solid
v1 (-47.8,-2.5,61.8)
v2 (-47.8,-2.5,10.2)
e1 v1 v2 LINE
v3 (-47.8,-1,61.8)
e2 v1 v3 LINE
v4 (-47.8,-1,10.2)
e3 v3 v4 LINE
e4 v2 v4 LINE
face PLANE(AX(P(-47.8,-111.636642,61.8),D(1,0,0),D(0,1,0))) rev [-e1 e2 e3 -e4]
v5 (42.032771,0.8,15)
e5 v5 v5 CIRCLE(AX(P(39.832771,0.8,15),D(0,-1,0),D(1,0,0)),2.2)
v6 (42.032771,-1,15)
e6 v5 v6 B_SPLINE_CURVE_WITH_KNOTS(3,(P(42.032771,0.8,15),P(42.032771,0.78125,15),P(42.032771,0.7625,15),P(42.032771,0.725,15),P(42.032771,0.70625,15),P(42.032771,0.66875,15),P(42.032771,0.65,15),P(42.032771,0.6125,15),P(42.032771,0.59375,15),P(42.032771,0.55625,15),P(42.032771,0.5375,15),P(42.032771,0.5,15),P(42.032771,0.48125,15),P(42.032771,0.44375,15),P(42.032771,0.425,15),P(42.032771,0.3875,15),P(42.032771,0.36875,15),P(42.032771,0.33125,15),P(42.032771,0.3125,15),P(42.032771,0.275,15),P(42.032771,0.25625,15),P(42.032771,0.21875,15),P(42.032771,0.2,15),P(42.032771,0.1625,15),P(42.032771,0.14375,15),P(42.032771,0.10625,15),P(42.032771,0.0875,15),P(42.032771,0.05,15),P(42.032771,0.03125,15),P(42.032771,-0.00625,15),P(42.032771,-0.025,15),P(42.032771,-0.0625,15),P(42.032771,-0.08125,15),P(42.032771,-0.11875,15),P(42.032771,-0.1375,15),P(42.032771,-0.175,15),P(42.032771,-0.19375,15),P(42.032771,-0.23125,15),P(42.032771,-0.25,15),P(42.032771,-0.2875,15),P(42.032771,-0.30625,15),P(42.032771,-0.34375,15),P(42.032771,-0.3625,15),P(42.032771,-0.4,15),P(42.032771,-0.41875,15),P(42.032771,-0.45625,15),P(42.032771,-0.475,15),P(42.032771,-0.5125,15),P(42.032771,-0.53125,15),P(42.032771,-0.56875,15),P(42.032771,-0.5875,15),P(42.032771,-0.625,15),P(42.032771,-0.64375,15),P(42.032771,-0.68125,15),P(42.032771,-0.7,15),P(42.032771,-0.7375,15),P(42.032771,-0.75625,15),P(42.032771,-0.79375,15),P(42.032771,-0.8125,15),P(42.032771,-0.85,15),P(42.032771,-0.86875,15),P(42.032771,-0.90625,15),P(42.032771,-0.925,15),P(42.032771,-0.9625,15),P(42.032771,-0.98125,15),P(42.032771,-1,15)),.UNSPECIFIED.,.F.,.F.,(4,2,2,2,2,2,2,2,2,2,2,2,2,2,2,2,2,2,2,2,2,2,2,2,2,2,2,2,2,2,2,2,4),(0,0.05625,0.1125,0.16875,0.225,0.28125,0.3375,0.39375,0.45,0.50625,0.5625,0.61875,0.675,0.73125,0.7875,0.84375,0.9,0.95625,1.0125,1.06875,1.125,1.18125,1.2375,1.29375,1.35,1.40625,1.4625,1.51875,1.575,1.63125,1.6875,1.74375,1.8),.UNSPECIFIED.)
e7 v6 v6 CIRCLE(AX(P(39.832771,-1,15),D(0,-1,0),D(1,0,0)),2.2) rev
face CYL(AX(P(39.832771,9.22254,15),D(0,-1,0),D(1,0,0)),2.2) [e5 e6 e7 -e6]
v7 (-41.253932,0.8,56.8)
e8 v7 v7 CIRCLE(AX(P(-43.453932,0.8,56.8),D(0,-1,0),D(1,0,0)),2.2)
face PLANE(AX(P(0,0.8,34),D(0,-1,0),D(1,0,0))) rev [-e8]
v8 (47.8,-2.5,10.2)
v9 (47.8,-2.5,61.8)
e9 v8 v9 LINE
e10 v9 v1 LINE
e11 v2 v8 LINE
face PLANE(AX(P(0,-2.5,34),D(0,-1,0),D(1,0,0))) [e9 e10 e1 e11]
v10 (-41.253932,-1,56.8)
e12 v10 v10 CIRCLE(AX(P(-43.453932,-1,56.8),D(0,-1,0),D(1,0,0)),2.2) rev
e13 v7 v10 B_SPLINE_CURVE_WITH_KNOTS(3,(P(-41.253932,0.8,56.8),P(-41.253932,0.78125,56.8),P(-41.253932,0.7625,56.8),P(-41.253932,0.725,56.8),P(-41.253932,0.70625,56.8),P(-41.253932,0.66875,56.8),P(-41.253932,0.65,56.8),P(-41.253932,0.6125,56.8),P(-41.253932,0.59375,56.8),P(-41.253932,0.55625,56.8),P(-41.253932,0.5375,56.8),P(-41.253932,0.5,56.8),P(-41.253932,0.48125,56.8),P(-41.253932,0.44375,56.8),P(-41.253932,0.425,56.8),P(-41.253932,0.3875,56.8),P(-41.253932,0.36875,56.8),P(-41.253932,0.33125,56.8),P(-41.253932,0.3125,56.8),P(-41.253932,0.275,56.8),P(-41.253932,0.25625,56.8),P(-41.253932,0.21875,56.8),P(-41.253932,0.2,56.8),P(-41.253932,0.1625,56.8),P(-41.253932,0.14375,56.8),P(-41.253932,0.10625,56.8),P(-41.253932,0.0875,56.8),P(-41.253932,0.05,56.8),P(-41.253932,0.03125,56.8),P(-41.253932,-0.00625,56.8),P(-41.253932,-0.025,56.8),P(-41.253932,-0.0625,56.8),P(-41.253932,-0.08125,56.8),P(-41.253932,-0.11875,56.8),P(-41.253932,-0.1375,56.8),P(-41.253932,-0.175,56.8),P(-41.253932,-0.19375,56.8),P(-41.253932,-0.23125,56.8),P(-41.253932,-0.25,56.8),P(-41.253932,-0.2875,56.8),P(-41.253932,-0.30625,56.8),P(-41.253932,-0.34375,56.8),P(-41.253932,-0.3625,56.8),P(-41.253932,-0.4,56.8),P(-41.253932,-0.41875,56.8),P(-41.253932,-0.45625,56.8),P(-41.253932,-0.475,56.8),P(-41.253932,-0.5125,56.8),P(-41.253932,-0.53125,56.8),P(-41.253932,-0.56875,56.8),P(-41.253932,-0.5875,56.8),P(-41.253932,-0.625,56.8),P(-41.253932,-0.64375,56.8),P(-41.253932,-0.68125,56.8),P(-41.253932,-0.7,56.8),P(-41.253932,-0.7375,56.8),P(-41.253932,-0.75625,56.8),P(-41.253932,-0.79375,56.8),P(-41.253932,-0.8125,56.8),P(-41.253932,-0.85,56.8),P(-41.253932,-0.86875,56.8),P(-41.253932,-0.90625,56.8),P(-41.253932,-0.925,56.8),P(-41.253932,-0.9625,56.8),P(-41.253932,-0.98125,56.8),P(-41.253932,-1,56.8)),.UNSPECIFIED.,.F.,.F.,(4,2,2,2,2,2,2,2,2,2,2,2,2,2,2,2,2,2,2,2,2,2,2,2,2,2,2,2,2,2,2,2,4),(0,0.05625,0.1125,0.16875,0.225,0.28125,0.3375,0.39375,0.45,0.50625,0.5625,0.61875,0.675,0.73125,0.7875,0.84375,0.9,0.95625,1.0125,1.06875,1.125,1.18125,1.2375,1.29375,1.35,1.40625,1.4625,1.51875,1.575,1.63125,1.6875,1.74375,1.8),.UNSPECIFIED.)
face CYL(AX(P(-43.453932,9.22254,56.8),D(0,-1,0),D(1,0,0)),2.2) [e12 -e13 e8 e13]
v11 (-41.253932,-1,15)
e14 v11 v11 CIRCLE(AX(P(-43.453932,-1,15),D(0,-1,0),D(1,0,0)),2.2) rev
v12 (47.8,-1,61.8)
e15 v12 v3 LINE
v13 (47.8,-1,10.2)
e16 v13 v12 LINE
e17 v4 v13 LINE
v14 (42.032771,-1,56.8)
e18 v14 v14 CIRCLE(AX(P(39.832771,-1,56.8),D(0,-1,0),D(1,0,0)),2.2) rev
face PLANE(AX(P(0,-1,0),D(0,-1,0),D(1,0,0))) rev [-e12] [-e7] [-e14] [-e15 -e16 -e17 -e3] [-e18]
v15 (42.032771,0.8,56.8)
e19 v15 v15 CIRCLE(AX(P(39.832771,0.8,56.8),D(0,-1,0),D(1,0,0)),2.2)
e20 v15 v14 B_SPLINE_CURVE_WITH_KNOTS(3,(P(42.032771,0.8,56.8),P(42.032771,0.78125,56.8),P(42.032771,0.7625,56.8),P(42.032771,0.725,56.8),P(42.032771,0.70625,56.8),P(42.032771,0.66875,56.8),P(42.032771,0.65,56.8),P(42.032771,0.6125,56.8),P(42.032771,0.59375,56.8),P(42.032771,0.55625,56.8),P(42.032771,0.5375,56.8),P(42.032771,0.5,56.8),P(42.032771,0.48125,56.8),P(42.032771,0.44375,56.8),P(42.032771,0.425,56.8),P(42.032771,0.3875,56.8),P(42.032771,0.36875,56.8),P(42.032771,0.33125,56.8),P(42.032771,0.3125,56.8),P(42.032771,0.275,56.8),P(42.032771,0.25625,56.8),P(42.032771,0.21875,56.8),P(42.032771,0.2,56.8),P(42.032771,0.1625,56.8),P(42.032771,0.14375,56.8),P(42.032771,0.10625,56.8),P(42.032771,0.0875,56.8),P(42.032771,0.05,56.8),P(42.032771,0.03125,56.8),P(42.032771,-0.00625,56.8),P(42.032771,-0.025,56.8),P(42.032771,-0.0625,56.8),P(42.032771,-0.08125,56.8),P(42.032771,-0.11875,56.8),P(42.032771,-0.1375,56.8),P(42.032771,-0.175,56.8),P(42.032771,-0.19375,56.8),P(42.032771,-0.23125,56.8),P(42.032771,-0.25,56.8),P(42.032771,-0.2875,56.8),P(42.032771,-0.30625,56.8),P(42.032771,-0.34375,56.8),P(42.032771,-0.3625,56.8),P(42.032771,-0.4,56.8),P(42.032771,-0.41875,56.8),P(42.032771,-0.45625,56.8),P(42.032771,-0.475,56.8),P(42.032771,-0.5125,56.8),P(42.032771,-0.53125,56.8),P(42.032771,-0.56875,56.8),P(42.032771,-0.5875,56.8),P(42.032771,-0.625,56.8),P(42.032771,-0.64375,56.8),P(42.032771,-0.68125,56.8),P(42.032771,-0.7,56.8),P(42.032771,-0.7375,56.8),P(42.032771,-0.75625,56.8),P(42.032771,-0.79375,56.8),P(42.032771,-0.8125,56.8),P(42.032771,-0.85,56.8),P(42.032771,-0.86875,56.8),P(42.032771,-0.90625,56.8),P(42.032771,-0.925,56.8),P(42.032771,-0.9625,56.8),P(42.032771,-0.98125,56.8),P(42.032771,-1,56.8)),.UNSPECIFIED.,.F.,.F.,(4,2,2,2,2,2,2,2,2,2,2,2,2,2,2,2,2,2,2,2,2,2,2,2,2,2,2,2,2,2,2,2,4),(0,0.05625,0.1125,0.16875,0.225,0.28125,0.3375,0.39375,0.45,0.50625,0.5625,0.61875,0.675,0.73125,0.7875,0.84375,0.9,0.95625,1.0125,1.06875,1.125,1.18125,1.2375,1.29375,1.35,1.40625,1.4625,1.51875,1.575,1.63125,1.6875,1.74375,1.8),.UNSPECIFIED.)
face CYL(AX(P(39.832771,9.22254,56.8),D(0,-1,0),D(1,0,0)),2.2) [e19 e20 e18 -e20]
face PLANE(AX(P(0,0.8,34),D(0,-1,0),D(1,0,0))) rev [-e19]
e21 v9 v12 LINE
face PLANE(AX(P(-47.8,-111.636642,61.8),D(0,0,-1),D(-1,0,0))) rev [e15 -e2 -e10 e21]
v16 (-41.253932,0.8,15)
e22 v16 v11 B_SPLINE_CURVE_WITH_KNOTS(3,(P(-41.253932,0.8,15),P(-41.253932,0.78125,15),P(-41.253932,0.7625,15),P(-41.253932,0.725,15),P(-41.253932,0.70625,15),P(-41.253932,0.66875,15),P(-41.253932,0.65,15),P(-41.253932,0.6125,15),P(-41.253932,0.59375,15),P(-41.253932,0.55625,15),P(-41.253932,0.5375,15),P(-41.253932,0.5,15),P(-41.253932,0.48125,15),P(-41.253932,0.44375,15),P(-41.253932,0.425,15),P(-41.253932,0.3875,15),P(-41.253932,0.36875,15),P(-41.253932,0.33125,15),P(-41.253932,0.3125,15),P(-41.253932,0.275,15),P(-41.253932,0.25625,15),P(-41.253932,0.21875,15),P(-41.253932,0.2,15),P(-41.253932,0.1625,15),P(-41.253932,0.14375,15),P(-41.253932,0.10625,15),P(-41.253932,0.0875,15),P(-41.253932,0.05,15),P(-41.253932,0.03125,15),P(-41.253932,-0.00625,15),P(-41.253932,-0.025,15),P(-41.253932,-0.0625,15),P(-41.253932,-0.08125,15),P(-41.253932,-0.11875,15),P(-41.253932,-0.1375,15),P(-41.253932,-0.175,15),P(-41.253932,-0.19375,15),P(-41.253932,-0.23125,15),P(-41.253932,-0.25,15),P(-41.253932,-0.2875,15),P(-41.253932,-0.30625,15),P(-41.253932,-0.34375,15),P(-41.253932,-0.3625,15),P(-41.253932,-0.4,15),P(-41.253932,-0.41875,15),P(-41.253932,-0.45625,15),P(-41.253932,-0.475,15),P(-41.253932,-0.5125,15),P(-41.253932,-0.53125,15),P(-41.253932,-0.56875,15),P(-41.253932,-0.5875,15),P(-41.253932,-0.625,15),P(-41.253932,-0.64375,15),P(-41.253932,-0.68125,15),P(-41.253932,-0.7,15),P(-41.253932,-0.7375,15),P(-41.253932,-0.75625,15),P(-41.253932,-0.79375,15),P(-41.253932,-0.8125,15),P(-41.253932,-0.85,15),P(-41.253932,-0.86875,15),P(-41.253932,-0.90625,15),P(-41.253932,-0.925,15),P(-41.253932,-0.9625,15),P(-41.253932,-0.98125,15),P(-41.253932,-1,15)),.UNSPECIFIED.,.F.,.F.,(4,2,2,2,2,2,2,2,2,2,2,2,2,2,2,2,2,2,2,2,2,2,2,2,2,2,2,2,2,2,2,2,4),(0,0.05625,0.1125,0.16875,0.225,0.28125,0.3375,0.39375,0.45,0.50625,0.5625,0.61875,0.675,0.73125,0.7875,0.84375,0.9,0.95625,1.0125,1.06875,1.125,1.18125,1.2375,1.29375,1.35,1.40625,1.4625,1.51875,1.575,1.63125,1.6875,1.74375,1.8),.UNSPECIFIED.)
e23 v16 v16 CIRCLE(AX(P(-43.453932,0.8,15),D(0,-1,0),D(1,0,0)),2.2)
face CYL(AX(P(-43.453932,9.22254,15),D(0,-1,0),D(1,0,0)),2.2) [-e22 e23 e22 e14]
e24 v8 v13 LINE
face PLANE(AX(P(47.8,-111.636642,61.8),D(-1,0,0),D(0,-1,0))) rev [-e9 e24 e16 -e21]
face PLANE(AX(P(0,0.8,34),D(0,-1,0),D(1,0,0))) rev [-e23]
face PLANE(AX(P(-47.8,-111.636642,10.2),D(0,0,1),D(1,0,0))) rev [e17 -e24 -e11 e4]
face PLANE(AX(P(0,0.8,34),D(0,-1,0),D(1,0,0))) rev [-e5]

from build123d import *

# Parameters (mm, degrees)
SKETCH1_W           = 95.6
SKETCH1_H           = 51.6
BOSS_EXTRUDE1_DEPTH = 1.5
SKETCH2_R           = 2.2
BOSS_EXTRUDE2_DEPTH = 1.8


with BuildPart() as part:
    # Sketch1 → Boss-Extrude1 (new body)
    with BuildSketch(Plane.XZ.offset(1)):
        with Locations((0, 36)):
            Rectangle(SKETCH1_W, SKETCH1_H)
    extrude(amount=BOSS_EXTRUDE1_DEPTH)

    # Sketch2 → Boss-Extrude2 (add)
    with BuildSketch(Plane(origin=(0, -1, 0), x_dir=(1, 0, 0), z_dir=(0, 1, 0))):
        with Locations((-43.453932042, -56.8)):
            Circle(SKETCH2_R)
        with Locations((-43.453932042, -15)):
            Circle(SKETCH2_R)
        with Locations((39.832771039, -15)):
            Circle(SKETCH2_R)
        with Locations((39.832771039, -56.8)):
            Circle(SKETCH2_R)
    extrude(amount=BOSS_EXTRUDE2_DEPTH)


solid = part.part
